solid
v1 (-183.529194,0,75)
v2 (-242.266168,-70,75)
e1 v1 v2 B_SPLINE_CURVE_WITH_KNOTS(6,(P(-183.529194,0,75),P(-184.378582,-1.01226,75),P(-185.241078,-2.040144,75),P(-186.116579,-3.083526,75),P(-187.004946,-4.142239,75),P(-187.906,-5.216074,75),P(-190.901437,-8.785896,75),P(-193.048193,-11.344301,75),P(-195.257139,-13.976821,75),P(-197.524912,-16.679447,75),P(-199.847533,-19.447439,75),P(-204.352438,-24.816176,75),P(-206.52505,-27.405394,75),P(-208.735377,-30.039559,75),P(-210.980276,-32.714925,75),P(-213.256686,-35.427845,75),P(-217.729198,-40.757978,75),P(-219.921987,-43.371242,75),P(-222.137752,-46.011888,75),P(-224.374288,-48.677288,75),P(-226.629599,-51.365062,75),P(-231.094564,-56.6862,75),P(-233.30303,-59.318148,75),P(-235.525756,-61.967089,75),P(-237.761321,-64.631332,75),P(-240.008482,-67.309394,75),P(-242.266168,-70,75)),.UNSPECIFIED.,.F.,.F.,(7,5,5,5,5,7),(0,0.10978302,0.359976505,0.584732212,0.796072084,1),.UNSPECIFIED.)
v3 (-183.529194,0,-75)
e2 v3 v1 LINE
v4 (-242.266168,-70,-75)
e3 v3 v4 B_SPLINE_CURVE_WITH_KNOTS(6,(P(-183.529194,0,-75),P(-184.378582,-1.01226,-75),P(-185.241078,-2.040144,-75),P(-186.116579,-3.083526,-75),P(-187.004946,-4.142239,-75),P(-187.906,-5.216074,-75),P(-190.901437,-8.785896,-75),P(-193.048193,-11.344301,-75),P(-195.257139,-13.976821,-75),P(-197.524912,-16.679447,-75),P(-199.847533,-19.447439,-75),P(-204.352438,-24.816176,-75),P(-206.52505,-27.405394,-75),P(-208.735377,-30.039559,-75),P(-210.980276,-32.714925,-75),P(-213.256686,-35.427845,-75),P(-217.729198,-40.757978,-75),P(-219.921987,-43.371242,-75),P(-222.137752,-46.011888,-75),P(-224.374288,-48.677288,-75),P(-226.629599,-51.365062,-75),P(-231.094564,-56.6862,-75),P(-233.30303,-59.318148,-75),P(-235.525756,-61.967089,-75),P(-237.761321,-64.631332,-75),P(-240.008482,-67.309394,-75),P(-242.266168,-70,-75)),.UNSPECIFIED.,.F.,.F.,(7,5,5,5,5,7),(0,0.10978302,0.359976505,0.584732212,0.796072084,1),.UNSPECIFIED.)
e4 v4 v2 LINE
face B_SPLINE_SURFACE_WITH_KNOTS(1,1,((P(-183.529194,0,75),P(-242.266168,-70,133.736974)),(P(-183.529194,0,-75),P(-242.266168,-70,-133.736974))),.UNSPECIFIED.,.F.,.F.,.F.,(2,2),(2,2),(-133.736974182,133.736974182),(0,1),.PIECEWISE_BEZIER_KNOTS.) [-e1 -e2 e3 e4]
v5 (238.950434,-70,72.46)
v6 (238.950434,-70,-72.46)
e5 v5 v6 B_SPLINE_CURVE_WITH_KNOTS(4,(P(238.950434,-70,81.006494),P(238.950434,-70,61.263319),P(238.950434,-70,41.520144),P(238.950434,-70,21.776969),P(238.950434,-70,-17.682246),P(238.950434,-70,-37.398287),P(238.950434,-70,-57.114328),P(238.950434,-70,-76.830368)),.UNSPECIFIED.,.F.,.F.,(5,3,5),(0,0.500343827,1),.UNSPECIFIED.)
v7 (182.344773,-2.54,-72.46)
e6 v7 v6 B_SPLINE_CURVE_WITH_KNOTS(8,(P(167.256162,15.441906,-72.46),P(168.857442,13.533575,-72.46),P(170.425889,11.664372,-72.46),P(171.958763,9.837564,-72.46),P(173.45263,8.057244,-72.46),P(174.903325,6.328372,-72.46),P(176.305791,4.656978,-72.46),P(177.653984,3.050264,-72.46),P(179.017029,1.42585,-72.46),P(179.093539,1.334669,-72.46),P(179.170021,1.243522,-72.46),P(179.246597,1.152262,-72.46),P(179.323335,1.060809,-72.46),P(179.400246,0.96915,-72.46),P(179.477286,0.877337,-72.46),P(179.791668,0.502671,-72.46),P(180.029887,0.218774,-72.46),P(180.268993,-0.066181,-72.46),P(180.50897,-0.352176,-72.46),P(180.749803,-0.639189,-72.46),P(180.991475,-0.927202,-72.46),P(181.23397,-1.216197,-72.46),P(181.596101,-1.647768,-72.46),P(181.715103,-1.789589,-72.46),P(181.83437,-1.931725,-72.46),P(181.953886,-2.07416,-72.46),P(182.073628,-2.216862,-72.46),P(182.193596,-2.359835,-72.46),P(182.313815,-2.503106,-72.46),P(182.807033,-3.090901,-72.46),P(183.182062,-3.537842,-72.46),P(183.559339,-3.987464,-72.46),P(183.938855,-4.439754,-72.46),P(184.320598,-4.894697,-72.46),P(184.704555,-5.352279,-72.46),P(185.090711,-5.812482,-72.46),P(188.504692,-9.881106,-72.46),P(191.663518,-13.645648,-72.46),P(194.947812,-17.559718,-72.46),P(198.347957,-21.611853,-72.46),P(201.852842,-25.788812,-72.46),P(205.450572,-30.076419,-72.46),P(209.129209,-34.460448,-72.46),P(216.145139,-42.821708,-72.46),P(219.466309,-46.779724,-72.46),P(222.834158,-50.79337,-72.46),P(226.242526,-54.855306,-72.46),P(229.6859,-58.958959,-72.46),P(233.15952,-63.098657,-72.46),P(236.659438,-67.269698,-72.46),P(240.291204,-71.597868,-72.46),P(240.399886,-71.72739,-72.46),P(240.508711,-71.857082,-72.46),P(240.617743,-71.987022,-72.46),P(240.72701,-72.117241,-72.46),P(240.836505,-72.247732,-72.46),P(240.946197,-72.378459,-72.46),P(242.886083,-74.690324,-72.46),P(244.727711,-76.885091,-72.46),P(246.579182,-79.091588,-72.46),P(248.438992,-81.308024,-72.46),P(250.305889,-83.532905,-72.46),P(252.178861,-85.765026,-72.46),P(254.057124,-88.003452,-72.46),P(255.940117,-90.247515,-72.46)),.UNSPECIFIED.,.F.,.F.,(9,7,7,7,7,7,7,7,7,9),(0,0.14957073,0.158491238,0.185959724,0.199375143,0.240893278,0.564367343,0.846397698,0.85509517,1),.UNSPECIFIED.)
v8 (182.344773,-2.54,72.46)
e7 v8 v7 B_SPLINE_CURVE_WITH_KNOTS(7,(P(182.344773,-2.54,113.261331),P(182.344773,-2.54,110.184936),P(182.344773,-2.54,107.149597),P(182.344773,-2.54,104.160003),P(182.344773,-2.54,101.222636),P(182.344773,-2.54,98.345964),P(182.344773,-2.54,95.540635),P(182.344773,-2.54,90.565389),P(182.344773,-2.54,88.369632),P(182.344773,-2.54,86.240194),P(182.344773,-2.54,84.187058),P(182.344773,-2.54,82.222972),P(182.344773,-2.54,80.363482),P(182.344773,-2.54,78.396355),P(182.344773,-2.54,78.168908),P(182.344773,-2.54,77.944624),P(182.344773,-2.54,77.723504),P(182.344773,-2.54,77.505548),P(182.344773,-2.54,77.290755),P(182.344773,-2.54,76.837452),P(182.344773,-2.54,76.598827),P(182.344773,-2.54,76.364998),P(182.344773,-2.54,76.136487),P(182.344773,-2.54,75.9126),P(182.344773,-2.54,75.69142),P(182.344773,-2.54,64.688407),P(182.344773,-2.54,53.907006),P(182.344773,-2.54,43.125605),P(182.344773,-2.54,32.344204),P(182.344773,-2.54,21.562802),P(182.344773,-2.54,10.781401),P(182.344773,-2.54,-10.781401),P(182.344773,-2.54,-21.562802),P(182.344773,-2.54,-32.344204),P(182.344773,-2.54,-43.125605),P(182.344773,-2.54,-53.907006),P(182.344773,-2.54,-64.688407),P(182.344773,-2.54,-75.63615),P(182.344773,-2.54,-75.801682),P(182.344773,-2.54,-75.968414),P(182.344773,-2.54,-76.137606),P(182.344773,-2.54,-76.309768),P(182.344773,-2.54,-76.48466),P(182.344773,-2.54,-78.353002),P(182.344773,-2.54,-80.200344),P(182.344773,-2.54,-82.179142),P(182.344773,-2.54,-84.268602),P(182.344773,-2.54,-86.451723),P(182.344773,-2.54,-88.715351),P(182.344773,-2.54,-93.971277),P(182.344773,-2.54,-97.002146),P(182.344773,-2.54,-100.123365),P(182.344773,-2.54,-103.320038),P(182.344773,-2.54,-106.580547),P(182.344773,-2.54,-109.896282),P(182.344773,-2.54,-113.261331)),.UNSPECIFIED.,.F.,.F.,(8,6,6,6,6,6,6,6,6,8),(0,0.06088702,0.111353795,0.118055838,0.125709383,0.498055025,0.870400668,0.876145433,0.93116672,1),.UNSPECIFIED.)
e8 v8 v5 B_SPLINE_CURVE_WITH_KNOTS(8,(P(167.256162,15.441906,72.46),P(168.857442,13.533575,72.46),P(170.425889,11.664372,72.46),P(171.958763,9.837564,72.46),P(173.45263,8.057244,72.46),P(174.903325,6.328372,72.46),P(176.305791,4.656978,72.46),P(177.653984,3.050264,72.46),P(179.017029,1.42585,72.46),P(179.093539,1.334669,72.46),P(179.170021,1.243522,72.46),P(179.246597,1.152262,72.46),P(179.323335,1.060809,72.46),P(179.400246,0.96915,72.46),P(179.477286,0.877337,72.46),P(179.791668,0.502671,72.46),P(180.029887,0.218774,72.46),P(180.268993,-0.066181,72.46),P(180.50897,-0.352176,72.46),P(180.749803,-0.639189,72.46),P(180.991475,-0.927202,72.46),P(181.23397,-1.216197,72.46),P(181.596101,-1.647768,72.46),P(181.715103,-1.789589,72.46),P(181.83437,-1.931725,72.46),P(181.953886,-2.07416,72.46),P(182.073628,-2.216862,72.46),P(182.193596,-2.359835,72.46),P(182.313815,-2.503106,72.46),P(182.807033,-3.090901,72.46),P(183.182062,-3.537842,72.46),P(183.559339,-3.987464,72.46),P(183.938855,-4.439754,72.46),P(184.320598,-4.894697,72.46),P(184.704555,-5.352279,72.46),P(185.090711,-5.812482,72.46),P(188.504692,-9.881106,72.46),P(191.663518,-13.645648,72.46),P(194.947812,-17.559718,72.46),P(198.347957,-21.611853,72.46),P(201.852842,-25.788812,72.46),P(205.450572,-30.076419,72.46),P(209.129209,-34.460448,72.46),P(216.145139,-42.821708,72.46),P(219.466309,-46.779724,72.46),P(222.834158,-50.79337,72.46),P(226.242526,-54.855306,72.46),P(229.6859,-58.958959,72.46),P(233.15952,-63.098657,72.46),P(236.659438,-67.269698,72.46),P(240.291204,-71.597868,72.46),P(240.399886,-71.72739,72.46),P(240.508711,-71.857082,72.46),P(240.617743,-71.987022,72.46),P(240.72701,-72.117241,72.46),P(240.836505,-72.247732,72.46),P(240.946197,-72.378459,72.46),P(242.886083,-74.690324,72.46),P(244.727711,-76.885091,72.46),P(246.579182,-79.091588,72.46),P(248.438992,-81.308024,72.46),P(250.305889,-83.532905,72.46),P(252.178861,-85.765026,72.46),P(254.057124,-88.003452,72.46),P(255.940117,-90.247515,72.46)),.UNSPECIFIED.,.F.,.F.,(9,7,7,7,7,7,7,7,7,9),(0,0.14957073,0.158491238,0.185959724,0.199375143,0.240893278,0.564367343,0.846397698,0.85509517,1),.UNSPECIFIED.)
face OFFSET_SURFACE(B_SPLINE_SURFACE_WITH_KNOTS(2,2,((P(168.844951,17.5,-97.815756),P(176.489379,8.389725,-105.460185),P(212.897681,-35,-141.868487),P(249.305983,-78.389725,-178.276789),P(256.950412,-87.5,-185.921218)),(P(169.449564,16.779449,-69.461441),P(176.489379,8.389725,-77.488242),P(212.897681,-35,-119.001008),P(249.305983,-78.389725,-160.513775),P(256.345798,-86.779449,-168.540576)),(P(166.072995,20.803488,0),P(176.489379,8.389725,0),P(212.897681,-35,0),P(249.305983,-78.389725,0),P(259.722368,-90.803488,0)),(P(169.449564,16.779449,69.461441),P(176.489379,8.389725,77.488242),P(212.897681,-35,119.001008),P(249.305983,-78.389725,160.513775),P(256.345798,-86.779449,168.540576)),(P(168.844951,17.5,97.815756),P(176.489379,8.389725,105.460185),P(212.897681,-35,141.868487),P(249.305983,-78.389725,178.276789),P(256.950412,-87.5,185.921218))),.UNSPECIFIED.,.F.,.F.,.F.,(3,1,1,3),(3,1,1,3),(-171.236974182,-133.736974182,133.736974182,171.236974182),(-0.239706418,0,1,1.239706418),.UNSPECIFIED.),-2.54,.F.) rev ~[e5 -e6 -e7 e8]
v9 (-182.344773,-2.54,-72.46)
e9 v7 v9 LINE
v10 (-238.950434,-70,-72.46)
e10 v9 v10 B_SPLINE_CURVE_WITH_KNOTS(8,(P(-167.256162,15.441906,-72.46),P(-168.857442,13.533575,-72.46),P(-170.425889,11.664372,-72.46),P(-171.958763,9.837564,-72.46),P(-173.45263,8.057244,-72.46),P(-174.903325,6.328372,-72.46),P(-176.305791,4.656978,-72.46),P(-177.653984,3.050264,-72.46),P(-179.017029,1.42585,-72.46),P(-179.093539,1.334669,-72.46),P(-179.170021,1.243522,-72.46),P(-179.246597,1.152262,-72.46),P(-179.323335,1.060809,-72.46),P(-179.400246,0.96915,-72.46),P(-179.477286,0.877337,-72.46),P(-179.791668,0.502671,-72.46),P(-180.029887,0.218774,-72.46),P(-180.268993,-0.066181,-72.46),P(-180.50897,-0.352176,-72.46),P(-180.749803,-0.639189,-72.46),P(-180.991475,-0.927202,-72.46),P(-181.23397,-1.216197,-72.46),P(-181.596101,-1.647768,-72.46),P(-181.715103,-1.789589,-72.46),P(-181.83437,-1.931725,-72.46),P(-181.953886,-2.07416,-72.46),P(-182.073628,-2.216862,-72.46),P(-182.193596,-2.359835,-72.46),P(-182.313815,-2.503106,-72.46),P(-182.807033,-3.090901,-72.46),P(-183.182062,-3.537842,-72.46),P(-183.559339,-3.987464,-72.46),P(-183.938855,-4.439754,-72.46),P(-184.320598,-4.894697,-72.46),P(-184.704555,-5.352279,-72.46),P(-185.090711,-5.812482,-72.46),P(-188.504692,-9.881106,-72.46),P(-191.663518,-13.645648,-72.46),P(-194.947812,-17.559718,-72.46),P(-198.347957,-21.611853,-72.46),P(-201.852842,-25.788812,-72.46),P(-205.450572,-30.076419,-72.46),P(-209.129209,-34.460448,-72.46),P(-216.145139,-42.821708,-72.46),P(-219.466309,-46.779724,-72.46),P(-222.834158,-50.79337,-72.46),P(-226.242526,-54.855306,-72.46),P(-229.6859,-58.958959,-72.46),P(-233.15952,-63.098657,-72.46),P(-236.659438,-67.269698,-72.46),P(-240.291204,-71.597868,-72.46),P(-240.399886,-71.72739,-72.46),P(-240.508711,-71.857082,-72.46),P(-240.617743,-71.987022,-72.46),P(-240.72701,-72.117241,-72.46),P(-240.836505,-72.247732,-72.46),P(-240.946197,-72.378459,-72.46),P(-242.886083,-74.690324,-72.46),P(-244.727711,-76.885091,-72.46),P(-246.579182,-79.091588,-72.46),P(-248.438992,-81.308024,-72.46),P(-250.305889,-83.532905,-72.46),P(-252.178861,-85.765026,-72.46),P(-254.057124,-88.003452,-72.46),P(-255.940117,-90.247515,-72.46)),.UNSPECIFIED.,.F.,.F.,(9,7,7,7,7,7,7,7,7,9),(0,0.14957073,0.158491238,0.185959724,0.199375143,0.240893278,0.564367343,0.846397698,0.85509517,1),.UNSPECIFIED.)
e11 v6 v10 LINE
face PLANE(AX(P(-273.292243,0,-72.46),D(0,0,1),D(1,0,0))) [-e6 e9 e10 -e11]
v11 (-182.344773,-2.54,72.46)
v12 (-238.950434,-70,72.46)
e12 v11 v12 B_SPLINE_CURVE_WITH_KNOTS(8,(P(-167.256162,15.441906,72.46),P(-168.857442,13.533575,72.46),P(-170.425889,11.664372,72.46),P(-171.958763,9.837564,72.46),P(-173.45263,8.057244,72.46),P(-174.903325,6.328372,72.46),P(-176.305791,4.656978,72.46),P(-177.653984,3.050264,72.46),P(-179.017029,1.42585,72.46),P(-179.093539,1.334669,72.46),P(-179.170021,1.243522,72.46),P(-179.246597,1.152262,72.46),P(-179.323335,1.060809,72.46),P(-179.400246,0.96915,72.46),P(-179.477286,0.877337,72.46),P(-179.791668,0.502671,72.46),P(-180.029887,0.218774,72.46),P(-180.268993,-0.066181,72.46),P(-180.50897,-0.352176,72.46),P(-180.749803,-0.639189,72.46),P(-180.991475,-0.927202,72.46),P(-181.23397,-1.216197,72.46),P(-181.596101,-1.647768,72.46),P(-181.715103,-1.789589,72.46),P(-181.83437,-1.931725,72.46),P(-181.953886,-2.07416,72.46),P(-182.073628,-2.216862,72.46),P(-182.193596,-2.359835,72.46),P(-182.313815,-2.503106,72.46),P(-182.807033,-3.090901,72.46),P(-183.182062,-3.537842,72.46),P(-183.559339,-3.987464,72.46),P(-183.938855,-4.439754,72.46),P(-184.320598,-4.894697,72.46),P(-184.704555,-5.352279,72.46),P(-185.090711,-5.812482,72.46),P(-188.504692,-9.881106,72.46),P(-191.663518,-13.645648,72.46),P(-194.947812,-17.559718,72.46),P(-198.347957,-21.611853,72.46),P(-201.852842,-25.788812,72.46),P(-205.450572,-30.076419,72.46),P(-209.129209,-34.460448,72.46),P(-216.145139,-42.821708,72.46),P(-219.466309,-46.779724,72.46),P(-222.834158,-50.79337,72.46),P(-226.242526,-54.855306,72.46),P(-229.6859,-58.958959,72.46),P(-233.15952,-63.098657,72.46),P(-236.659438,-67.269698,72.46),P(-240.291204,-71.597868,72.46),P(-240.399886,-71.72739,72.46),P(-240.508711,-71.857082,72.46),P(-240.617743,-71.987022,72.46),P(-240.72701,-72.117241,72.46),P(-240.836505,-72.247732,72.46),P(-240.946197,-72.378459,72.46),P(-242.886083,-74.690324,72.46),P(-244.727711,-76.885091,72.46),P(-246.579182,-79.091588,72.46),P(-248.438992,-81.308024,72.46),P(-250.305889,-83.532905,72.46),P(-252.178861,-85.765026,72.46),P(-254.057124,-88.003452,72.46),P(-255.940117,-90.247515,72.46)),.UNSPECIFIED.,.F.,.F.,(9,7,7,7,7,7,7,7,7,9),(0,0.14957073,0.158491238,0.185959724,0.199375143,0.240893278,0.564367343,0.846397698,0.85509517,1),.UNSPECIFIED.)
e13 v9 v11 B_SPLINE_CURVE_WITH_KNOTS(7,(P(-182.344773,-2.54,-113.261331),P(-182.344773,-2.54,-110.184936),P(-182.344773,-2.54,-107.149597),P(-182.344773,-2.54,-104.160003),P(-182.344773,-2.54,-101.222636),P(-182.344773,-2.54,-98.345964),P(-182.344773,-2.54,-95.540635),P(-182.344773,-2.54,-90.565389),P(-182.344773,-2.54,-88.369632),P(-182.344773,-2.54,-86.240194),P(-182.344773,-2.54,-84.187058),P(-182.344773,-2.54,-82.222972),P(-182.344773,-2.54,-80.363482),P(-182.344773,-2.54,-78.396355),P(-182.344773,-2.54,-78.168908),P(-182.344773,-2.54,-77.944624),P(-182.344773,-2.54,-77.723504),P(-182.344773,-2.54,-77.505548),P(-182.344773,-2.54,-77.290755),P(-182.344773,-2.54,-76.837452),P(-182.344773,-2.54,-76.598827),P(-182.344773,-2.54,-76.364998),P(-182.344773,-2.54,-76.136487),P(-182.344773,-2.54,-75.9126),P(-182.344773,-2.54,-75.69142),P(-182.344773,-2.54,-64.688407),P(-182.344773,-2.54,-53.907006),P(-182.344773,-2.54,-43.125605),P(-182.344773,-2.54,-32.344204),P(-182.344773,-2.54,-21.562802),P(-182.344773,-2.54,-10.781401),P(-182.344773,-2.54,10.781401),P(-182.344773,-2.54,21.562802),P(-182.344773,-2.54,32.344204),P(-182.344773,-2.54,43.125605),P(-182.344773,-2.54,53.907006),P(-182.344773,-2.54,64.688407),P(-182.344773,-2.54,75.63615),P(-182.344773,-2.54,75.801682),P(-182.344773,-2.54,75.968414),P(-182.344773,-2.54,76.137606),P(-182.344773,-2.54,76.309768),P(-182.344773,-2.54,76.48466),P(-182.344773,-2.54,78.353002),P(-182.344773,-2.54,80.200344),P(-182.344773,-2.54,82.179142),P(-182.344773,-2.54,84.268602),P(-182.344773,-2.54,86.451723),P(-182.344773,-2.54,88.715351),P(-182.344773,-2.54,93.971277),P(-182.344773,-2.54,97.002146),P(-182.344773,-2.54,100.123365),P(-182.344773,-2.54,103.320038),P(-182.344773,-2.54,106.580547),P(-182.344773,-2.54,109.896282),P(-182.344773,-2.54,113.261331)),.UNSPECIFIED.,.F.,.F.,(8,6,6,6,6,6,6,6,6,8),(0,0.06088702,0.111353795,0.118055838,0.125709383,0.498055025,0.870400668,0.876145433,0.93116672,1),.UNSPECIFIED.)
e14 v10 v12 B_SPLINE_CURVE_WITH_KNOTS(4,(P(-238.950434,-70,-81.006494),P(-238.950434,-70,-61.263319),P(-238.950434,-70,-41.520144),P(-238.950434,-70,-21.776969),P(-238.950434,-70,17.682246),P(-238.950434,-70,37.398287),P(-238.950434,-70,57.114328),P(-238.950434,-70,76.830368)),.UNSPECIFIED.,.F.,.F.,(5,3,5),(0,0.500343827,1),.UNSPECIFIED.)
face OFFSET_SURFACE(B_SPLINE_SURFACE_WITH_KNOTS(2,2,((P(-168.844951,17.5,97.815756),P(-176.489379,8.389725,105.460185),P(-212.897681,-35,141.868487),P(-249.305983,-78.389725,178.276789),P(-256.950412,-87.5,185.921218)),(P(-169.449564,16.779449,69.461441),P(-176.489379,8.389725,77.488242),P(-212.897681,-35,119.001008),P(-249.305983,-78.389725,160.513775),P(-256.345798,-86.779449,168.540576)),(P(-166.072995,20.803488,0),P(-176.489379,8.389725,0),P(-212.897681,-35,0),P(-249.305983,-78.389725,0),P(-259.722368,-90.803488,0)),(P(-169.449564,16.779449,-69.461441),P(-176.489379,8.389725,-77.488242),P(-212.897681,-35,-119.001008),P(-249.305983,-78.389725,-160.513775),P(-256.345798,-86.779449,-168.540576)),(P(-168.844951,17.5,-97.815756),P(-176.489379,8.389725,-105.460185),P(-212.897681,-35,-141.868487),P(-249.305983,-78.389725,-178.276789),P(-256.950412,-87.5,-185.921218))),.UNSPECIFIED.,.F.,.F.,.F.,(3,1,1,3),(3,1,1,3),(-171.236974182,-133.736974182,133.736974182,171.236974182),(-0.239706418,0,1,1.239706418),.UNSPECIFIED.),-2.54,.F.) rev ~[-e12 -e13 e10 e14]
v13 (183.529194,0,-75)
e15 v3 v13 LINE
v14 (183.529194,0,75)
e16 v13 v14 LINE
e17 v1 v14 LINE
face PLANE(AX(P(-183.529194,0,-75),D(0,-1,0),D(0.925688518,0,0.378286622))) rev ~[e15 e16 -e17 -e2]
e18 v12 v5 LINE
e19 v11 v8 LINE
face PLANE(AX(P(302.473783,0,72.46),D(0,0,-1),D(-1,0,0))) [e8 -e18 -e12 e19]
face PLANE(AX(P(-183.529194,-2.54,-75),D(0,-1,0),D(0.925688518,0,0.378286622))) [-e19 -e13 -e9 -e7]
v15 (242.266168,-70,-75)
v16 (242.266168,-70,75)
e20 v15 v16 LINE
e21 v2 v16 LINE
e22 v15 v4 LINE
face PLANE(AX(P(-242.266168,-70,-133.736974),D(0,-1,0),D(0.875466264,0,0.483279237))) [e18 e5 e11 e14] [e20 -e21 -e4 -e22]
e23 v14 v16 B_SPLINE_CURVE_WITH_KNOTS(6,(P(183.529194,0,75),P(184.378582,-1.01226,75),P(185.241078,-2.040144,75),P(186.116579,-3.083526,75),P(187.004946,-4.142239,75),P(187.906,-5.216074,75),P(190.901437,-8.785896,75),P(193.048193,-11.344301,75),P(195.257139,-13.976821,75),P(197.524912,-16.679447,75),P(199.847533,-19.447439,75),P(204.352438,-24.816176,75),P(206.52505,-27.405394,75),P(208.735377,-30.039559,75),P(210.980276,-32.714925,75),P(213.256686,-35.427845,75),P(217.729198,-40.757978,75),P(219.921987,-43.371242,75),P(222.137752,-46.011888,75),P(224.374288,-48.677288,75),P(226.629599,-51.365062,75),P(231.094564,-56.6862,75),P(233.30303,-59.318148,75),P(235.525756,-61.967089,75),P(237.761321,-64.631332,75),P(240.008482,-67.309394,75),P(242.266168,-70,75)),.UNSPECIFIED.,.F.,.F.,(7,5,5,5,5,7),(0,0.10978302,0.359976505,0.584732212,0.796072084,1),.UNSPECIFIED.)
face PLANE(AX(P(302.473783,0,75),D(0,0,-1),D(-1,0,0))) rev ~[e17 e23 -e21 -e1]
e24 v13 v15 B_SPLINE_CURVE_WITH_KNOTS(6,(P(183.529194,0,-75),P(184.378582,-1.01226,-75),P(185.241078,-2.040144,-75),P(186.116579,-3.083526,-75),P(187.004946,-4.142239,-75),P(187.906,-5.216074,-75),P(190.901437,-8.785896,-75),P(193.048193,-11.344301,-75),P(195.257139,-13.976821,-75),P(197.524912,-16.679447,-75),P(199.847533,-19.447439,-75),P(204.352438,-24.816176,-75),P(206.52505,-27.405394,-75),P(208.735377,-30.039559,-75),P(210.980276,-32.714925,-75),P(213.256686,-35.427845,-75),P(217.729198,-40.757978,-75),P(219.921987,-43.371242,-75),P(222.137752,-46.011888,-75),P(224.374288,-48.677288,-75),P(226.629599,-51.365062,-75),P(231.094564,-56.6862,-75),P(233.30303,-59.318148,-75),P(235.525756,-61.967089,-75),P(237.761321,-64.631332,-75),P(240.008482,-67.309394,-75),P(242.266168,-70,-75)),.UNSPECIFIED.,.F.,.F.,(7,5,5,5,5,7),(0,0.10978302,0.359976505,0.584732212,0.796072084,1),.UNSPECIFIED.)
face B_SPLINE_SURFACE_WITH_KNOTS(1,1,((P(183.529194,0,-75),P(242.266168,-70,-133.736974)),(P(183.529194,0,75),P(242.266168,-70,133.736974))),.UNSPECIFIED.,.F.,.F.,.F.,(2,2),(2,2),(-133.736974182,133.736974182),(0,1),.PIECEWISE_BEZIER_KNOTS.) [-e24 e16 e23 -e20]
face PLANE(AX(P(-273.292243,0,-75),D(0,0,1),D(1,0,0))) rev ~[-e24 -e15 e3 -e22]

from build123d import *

# Parameters (mm, degrees)
F0_W     = 367.0583882955
F0_H     = 150
F1_DEPTH = 70
F1_TAPER = -40
F3_DEPTH = 180.4313063622
F4_T     = -2.54


with BuildPart() as f1:
    # F0 (on Front) → F1 (new body)
    with BuildSketch(Plane.XZ):
        Rectangle(F0_W, F0_H)
    extrude(amount=F1_DEPTH, taper=F1_TAPER)

    # F2 (on face) → F3 (cut)
    with BuildSketch(Plane(origin=(0, 0, 0), x_dir=(-1, 0, 0), z_dir=(0, 1, 0))):
        Polygon((273.2922434807, -75), (183.5291941477, -75), (-183.5291941477, -75), (-315.6023919582, -75), (-315.6023919582, -152.7352780104), (273.2922434807, -152.7352780104), align=None)
        Polygon((183.5291941477, 75), (257.0646107197, 75), (257.0646107197, 213.5136723518), (-302.473783493, 213.5136723518), (-302.473783493, 75), (-183.5291941477, 75), align=None)
    extrude(amount=-F3_DEPTH, mode=Mode.SUBTRACT)

    # F4
    f4_openings = [f1.faces().sort_by_distance(p)[0] for p in [
        (0, -70, 0),
    ]]
    offset(amount=F4_T, openings=f4_openings, kind=Kind.INTERSECTION)


solid = f1.part
